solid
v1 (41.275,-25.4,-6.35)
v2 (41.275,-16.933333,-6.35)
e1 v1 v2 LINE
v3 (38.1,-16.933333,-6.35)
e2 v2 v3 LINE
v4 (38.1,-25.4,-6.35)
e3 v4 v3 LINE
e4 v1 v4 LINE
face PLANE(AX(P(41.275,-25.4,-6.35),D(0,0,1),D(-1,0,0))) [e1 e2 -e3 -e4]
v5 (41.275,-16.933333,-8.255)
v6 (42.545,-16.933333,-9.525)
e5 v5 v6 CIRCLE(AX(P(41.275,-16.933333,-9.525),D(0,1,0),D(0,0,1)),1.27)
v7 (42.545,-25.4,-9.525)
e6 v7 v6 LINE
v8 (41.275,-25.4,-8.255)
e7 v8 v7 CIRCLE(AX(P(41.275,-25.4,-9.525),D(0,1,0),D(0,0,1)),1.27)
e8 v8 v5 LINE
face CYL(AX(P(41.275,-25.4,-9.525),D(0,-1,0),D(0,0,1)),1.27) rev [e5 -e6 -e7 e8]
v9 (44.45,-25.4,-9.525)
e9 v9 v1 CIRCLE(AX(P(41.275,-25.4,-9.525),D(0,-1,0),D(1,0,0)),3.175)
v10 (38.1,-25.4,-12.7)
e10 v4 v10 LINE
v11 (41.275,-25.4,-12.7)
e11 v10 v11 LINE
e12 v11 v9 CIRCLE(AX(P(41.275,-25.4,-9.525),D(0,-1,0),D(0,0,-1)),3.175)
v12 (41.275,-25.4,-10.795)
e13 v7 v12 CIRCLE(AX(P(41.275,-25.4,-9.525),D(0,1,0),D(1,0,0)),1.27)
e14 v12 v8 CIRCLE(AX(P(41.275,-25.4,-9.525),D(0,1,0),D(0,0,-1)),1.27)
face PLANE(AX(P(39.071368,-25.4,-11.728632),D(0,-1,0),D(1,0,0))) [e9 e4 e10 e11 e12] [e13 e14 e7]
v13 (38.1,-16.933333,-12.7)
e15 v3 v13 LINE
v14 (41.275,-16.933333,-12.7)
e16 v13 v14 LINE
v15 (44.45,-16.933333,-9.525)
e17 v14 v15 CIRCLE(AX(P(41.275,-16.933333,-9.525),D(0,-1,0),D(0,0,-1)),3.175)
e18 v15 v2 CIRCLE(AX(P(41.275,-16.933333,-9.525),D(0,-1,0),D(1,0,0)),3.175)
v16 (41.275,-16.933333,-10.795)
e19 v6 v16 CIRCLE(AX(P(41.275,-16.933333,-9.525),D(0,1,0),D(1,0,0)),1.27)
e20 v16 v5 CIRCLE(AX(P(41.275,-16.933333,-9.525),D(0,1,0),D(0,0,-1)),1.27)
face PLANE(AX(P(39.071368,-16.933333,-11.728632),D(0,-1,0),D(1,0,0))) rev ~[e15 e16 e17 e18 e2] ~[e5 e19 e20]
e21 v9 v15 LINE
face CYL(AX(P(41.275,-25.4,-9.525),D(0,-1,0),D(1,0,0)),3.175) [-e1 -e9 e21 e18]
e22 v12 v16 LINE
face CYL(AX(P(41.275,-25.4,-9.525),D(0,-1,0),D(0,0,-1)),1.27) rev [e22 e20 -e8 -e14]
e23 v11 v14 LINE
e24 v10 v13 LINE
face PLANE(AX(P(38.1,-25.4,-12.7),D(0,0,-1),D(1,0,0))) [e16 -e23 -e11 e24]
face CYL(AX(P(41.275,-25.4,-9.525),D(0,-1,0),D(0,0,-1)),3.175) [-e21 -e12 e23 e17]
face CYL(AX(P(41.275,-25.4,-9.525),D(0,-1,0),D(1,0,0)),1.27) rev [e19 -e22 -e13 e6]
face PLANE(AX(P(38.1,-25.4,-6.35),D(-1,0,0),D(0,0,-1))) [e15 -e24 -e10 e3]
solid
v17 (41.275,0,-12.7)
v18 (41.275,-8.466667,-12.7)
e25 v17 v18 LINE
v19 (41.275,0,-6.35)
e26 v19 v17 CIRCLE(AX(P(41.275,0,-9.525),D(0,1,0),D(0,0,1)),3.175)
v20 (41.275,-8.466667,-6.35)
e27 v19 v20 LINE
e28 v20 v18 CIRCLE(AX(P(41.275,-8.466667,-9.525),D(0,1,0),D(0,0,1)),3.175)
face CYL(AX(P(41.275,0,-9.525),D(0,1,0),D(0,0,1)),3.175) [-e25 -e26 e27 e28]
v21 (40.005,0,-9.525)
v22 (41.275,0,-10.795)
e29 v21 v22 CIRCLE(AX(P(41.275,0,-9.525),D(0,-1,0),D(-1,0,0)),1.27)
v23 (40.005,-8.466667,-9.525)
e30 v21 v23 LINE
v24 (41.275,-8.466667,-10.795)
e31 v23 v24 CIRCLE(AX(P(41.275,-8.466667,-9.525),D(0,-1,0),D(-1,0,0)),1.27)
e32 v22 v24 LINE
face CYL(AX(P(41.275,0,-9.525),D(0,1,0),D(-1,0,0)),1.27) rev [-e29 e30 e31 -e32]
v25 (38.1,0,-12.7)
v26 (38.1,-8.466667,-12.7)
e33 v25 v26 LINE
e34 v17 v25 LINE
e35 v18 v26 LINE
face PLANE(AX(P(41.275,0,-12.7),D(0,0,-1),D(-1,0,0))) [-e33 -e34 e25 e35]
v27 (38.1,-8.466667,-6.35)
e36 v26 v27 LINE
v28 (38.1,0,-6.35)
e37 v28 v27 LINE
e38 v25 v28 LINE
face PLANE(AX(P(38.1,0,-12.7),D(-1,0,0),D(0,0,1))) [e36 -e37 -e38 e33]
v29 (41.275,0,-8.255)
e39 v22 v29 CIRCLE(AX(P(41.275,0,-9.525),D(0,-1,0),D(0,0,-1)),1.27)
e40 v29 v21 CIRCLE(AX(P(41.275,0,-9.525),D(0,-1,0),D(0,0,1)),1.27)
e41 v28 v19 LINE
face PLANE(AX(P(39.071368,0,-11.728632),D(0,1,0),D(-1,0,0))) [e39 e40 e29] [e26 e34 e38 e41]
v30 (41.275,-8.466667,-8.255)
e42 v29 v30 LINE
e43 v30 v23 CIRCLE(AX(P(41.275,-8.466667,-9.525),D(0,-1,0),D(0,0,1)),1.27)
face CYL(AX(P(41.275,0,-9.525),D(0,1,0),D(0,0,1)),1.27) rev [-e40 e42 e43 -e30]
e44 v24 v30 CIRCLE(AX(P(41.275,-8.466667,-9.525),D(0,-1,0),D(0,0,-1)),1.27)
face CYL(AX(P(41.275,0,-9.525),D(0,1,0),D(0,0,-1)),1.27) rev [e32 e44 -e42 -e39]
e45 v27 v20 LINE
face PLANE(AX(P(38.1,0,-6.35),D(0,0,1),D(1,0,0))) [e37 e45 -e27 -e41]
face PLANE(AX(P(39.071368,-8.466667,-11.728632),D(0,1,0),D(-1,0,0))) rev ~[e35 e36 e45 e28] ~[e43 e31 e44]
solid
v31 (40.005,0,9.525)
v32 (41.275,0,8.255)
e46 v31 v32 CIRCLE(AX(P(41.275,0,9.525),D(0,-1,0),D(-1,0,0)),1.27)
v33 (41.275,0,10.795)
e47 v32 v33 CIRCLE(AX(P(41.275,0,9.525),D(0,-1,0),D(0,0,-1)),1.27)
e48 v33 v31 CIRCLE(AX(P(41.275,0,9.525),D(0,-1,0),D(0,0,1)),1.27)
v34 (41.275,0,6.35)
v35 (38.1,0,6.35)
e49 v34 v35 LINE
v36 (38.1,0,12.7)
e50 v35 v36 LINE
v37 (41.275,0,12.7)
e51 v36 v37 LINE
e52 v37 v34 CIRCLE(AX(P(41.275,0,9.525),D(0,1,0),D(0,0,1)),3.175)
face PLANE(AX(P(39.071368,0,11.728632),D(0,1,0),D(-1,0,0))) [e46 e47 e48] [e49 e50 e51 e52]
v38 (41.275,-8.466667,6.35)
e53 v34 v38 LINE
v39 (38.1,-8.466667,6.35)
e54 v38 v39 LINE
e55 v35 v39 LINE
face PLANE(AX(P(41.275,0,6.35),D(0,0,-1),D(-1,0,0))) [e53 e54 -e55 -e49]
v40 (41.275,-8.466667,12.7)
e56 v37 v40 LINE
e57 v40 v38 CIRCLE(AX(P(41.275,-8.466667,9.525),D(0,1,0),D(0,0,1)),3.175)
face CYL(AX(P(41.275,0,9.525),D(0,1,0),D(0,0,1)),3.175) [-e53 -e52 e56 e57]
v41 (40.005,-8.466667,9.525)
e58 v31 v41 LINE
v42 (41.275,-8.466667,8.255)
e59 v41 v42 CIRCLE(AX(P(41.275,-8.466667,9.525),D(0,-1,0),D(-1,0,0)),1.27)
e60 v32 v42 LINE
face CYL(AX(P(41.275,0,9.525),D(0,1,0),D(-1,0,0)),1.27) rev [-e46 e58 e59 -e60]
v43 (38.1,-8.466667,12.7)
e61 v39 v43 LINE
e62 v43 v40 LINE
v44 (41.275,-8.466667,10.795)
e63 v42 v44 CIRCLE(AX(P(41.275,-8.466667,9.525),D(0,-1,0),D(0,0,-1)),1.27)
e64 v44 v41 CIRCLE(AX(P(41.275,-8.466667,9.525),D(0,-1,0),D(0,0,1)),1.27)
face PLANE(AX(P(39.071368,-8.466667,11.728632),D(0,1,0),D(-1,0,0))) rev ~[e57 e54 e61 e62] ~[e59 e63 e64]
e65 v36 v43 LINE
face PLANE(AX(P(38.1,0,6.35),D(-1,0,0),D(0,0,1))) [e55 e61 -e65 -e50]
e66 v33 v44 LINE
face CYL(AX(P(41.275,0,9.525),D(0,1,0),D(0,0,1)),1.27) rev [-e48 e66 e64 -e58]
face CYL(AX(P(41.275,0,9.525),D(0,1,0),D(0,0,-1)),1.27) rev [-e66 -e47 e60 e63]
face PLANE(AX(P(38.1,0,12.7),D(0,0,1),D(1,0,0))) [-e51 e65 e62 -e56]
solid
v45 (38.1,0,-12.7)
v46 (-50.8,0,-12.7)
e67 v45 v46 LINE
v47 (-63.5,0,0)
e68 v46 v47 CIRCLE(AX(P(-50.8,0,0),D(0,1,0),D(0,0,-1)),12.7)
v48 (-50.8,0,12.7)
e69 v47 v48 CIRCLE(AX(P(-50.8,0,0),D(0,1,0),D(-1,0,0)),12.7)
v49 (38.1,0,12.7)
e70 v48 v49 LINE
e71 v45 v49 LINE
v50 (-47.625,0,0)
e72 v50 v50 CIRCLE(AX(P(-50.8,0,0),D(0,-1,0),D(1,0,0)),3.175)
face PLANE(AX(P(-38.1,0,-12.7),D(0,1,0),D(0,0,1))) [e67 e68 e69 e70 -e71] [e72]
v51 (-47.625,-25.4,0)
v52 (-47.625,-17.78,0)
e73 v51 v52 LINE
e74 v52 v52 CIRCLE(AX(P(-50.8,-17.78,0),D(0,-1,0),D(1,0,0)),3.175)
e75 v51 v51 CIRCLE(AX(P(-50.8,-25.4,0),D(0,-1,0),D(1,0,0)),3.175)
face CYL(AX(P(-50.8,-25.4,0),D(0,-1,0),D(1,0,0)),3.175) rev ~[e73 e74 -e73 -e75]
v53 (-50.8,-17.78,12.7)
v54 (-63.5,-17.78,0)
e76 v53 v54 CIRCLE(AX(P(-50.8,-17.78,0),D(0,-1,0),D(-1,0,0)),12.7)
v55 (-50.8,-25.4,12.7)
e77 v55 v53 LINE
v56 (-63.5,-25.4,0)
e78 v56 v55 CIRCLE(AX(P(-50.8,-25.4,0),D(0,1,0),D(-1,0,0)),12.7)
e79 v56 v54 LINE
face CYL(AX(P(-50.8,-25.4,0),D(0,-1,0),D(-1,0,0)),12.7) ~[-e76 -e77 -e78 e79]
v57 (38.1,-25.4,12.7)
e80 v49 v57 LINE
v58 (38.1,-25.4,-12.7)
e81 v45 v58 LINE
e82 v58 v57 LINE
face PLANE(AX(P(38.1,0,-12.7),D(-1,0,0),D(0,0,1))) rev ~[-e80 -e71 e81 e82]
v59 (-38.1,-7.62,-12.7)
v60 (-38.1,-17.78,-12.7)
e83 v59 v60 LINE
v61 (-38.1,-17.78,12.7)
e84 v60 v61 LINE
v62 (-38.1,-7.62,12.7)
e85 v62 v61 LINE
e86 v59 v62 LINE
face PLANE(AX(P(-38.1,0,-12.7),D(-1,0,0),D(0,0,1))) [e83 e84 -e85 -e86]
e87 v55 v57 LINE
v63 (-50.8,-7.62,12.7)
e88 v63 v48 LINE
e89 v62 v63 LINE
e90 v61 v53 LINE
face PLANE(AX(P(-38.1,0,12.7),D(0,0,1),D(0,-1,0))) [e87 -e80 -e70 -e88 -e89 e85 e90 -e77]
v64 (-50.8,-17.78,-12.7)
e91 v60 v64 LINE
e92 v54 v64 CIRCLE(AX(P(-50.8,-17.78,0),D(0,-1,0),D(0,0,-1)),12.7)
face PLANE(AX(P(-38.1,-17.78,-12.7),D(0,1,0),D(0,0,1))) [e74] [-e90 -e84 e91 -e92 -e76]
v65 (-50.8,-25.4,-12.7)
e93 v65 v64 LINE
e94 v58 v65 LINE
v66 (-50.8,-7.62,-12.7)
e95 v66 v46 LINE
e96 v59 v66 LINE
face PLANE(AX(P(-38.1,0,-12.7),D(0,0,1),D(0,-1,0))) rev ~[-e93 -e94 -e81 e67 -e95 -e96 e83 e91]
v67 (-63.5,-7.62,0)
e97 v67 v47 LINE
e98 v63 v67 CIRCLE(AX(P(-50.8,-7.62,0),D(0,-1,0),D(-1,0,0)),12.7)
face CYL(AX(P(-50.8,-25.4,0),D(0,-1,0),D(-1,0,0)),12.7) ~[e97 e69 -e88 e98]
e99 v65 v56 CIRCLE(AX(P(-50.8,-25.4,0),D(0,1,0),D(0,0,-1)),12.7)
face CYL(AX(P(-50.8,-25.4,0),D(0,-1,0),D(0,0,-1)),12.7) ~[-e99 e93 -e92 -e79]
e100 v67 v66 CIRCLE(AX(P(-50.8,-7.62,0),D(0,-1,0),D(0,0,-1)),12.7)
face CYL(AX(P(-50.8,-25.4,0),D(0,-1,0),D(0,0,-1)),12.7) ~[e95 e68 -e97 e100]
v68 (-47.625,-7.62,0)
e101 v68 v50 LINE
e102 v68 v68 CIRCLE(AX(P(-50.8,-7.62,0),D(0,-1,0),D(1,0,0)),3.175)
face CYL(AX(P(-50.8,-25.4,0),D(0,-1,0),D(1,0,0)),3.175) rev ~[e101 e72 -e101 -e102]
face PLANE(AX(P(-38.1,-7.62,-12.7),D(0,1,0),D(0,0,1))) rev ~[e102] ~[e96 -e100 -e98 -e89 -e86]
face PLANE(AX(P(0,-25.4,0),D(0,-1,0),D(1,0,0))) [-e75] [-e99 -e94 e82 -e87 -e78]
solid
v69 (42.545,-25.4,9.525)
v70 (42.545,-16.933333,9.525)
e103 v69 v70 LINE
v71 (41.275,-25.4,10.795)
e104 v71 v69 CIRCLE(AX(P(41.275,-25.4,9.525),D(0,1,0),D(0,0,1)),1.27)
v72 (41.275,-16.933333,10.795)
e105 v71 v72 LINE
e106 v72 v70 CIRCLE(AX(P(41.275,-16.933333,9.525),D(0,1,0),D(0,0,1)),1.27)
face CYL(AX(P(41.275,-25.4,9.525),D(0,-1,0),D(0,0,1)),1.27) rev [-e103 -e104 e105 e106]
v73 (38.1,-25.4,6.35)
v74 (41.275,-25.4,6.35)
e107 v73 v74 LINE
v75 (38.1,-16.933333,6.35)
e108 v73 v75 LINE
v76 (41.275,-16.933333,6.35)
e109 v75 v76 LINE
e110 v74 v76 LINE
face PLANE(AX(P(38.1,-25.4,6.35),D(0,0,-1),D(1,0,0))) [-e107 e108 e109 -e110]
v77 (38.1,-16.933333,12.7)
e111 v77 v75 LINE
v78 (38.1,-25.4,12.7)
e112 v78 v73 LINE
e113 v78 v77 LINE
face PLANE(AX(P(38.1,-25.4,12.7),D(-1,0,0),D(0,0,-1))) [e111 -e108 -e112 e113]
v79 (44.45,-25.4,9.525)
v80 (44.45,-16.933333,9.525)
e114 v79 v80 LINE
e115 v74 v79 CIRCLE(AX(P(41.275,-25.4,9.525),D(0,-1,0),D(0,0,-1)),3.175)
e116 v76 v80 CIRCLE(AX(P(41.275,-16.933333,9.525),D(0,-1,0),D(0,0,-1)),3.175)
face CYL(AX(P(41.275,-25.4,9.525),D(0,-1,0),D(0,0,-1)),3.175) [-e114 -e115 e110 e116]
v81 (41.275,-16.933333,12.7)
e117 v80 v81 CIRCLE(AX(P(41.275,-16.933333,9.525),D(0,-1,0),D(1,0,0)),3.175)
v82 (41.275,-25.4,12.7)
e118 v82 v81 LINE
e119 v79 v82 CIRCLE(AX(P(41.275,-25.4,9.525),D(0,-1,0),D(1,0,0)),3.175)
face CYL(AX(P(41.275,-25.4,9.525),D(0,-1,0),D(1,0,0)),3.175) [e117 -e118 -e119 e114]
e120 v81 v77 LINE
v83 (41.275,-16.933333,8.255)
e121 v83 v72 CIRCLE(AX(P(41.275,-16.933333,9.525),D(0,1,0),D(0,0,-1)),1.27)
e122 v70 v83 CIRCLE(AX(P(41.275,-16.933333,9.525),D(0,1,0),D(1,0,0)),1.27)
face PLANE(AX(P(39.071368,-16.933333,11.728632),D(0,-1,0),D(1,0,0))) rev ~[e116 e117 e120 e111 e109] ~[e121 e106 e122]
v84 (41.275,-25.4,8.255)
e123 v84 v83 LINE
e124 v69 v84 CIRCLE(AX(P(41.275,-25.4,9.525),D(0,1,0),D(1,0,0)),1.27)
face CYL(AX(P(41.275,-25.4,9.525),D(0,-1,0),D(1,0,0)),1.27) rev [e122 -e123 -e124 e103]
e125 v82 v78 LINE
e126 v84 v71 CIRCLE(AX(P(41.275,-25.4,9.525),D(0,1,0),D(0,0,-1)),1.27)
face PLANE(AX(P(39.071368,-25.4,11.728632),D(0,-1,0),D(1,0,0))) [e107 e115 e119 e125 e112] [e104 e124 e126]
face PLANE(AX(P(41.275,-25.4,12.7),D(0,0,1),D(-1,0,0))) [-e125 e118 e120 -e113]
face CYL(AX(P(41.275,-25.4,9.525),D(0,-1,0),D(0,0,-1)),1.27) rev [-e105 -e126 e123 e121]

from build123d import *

# Parameters (mm, degrees)
F0_W     = 76.2
F0_H     = 25.4
F1_DEPTH = 25.4
F2_W     = 7.62
F2_H     = 25.4
F3_DEPTH = 25.4
F4_R     = 3.175
F5_DEPTH = 25.4
F7_DEPTH = 8.4666666667
F9_DEPTH = 8.4666666667


with BuildPart() as f1:
    # F0 (on Front) → F1 (new body)
    with BuildSketch(Plane.XZ):
        Rectangle(F0_W, F0_H)
    extrude(amount=F1_DEPTH)

    # F2 (on face) → F3 (join)
    with BuildSketch(Plane(origin=(-38.1, 0, 0), x_dir=(0, -1, 0), z_dir=(-1, 0, 0))):
        with Locations((3.81, 0)):
            Rectangle(F2_W, F2_H)
        with Locations((21.59, 0)):
            Rectangle(F2_W, F2_H)
    extrude(amount=F3_DEPTH)

    # F4 (on face) → F5 (cut)
    with BuildSketch(Plane.XZ.offset(25.4)):
        with BuildLine():
            Line((-50.8, 12.7), (-63.5, 12.7))
            Line((-63.5, 12.7), (-63.5, 0))
            ThreePointArc((-63.5, 0), (-59.7802561211, 8.9802561211), (-50.8, 12.7))
        make_face()
        with BuildLine():
            ThreePointArc((-50.8, -12.7), (-59.7802561211, -8.9802561211), (-63.5, 0))
            Line((-63.5, 0), (-63.5, -12.7))
            Line((-63.5, -12.7), (-50.8, -12.7))
        make_face()
        with Locations((-50.8, 0)):
            Circle(F4_R)
    extrude(amount=-F5_DEPTH, mode=Mode.SUBTRACT)


with BuildPart() as f7:
    # F6 (on face) → F7 (new body)
    with BuildSketch(Plane.XZ.offset(25.4)):
        with BuildLine():
            Line((38.1, -9.525), (38.1, -12.7))
            Line((38.1, -12.7), (41.275, -12.7))
            ThreePointArc((41.275, -12.7), (39.0299359697, -11.7700640303), (38.1, -9.525))
        make_face()
        with BuildLine():
            ThreePointArc((38.1, -9.525), (39.0299359697, -11.7700640303), (41.275, -12.7))
            Line((41.275, -12.7), (41.275, -10.795))
            ThreePointArc((41.275, -10.795), (40.005, -9.525), (41.275, -8.255))
            Line((41.275, -8.255), (41.275, -6.35))
            ThreePointArc((41.275, -6.35), (39.0299359697, -7.2799359697), (38.1, -9.525))
        make_face()
        with BuildLine():
            Line((41.275, -10.795), (41.275, -12.7))
            ThreePointArc((41.275, -12.7), (43.5200640303, -11.7700640303), (44.45, -9.525))
            ThreePointArc((44.45, -9.525), (43.5200640303, -7.2799359697), (41.275, -6.35))
            Line((41.275, -6.35), (41.275, -8.255))
            ThreePointArc((41.275, -8.255), (42.1730256121, -8.6269743879), (42.545, -9.525))
            ThreePointArc((42.545, -9.525), (42.1730256121, -10.4230256121), (41.275, -10.795))
        make_face()
        with BuildLine():
            Line((38.1, -6.35), (38.1, -9.525))
            ThreePointArc((38.1, -9.525), (39.0299359697, -7.2799359697), (41.275, -6.35))
            Line((41.275, -6.35), (38.1, -6.35))
        make_face()
    extrude(amount=-F7_DEPTH)


with BuildPart() as f7b:
    # F6 (on face) → F7, piece 2 (new body)
    with BuildSketch(Plane.XZ.offset(25.4)):
        with BuildLine():
            Line((41.275, 12.7), (38.1, 12.7))
            Line((38.1, 12.7), (38.1, 9.525))
            ThreePointArc((38.1, 9.525), (39.0299359697, 11.7700640303), (41.275, 12.7))
        make_face()
        with BuildLine():
            ThreePointArc((44.45, 9.525), (43.5200640303, 11.7700640303), (41.275, 12.7))
            Line((41.275, 12.7), (41.275, 10.795))
            ThreePointArc((41.275, 10.795), (42.1730256121, 10.4230256121), (42.545, 9.525))
            ThreePointArc((42.545, 9.525), (42.1730256121, 8.6269743879), (41.275, 8.255))
            Line((41.275, 8.255), (41.275, 6.35))
            ThreePointArc((41.275, 6.35), (43.5200640303, 7.2799359697), (44.45, 9.525))
        make_face()
        with BuildLine():
            Line((41.275, 10.795), (41.275, 12.7))
            ThreePointArc((41.275, 12.7), (39.0299359697, 11.7700640303), (38.1, 9.525))
            ThreePointArc((38.1, 9.525), (39.0299359697, 7.2799359697), (41.275, 6.35))
            Line((41.275, 6.35), (41.275, 8.255))
            ThreePointArc((41.275, 8.255), (40.005, 9.525), (41.275, 10.795))
        make_face()
        with BuildLine():
            ThreePointArc((41.275, 6.35), (39.0299359697, 7.2799359697), (38.1, 9.525))
            Line((38.1, 9.525), (38.1, 6.35))
            Line((38.1, 6.35), (41.275, 6.35))
        make_face()
    extrude(amount=-F7_DEPTH)


with BuildPart() as f9:
    # F8 (on face) → F9 (new body)
    with BuildSketch(Plane(origin=(0, 0, 0), x_dir=(-1, 0, 0), z_dir=(0, 1, 0))):
        with BuildLine():
            Line((-41.275, -12.7), (-38.1, -12.7))
            Line((-38.1, -12.7), (-38.1, -9.525))
            ThreePointArc((-38.1, -9.525), (-39.0299359697, -11.7700640303), (-41.275, -12.7))
        make_face()
        with BuildLine():
            ThreePointArc((-41.275, -6.35), (-44.45, -9.525), (-41.275, -12.7))
            Line((-41.275, -12.7), (-41.275, -10.795))
            ThreePointArc((-41.275, -10.795), (-42.545, -9.525), (-41.275, -8.255))
            Line((-41.275, -8.255), (-41.275, -6.35))
        make_face()
        with BuildLine():
            Line((-41.275, -10.795), (-41.275, -12.7))
            ThreePointArc((-41.275, -12.7), (-39.0299359697, -11.7700640303), (-38.1, -9.525))
            ThreePointArc((-38.1, -9.525), (-39.0299359697, -7.2799359697), (-41.275, -6.35))
            Line((-41.275, -6.35), (-41.275, -8.255))
            ThreePointArc((-41.275, -8.255), (-40.3769743879, -8.6269743879), (-40.005, -9.525))
            ThreePointArc((-40.005, -9.525), (-40.3769743879, -10.4230256121), (-41.275, -10.795))
        make_face()
        with BuildLine():
            ThreePointArc((-41.275, -6.35), (-39.0299359697, -7.2799359697), (-38.1, -9.525))
            Line((-38.1, -9.525), (-38.1, -6.35))
            Line((-38.1, -6.35), (-41.275, -6.35))
        make_face()
    extrude(amount=-F9_DEPTH)


with BuildPart() as f9b:
    # F8 (on face) → F9, piece 2 (new body)
    with BuildSketch(Plane(origin=(0, 0, 0), x_dir=(-1, 0, 0), z_dir=(0, 1, 0))):
        with BuildLine():
            Line((-38.1, 9.525), (-38.1, 12.7))
            Line((-38.1, 12.7), (-41.275, 12.7))
            ThreePointArc((-41.275, 12.7), (-39.0299359697, 11.7700640303), (-38.1, 9.525))
        make_face()
        with BuildLine():
            ThreePointArc((-38.1, 9.525), (-39.0299359697, 11.7700640303), (-41.275, 12.7))
            Line((-41.275, 12.7), (-41.275, 10.795))
            ThreePointArc((-41.275, 10.795), (-40.3769743879, 10.4230256121), (-40.005, 9.525))
            ThreePointArc((-40.005, 9.525), (-40.3769743879, 8.6269743879), (-41.275, 8.255))
            Line((-41.275, 8.255), (-41.275, 6.35))
            ThreePointArc((-41.275, 6.35), (-39.0299359697, 7.2799359697), (-38.1, 9.525))
        make_face()
        with BuildLine():
            Line((-41.275, 10.795), (-41.275, 12.7))
            ThreePointArc((-41.275, 12.7), (-44.45, 9.525), (-41.275, 6.35))
            Line((-41.275, 6.35), (-41.275, 8.255))
            ThreePointArc((-41.275, 8.255), (-42.545, 9.525), (-41.275, 10.795))
        make_face()
        with BuildLine():
            Line((-38.1, 6.35), (-38.1, 9.525))
            ThreePointArc((-38.1, 9.525), (-39.0299359697, 7.2799359697), (-41.275, 6.35))
            Line((-41.275, 6.35), (-38.1, 6.35))
        make_face()
    extrude(amount=-F9_DEPTH)


solid = Compound([f1.part, f7.part, f7b.part, f9.part, f9b.part])
